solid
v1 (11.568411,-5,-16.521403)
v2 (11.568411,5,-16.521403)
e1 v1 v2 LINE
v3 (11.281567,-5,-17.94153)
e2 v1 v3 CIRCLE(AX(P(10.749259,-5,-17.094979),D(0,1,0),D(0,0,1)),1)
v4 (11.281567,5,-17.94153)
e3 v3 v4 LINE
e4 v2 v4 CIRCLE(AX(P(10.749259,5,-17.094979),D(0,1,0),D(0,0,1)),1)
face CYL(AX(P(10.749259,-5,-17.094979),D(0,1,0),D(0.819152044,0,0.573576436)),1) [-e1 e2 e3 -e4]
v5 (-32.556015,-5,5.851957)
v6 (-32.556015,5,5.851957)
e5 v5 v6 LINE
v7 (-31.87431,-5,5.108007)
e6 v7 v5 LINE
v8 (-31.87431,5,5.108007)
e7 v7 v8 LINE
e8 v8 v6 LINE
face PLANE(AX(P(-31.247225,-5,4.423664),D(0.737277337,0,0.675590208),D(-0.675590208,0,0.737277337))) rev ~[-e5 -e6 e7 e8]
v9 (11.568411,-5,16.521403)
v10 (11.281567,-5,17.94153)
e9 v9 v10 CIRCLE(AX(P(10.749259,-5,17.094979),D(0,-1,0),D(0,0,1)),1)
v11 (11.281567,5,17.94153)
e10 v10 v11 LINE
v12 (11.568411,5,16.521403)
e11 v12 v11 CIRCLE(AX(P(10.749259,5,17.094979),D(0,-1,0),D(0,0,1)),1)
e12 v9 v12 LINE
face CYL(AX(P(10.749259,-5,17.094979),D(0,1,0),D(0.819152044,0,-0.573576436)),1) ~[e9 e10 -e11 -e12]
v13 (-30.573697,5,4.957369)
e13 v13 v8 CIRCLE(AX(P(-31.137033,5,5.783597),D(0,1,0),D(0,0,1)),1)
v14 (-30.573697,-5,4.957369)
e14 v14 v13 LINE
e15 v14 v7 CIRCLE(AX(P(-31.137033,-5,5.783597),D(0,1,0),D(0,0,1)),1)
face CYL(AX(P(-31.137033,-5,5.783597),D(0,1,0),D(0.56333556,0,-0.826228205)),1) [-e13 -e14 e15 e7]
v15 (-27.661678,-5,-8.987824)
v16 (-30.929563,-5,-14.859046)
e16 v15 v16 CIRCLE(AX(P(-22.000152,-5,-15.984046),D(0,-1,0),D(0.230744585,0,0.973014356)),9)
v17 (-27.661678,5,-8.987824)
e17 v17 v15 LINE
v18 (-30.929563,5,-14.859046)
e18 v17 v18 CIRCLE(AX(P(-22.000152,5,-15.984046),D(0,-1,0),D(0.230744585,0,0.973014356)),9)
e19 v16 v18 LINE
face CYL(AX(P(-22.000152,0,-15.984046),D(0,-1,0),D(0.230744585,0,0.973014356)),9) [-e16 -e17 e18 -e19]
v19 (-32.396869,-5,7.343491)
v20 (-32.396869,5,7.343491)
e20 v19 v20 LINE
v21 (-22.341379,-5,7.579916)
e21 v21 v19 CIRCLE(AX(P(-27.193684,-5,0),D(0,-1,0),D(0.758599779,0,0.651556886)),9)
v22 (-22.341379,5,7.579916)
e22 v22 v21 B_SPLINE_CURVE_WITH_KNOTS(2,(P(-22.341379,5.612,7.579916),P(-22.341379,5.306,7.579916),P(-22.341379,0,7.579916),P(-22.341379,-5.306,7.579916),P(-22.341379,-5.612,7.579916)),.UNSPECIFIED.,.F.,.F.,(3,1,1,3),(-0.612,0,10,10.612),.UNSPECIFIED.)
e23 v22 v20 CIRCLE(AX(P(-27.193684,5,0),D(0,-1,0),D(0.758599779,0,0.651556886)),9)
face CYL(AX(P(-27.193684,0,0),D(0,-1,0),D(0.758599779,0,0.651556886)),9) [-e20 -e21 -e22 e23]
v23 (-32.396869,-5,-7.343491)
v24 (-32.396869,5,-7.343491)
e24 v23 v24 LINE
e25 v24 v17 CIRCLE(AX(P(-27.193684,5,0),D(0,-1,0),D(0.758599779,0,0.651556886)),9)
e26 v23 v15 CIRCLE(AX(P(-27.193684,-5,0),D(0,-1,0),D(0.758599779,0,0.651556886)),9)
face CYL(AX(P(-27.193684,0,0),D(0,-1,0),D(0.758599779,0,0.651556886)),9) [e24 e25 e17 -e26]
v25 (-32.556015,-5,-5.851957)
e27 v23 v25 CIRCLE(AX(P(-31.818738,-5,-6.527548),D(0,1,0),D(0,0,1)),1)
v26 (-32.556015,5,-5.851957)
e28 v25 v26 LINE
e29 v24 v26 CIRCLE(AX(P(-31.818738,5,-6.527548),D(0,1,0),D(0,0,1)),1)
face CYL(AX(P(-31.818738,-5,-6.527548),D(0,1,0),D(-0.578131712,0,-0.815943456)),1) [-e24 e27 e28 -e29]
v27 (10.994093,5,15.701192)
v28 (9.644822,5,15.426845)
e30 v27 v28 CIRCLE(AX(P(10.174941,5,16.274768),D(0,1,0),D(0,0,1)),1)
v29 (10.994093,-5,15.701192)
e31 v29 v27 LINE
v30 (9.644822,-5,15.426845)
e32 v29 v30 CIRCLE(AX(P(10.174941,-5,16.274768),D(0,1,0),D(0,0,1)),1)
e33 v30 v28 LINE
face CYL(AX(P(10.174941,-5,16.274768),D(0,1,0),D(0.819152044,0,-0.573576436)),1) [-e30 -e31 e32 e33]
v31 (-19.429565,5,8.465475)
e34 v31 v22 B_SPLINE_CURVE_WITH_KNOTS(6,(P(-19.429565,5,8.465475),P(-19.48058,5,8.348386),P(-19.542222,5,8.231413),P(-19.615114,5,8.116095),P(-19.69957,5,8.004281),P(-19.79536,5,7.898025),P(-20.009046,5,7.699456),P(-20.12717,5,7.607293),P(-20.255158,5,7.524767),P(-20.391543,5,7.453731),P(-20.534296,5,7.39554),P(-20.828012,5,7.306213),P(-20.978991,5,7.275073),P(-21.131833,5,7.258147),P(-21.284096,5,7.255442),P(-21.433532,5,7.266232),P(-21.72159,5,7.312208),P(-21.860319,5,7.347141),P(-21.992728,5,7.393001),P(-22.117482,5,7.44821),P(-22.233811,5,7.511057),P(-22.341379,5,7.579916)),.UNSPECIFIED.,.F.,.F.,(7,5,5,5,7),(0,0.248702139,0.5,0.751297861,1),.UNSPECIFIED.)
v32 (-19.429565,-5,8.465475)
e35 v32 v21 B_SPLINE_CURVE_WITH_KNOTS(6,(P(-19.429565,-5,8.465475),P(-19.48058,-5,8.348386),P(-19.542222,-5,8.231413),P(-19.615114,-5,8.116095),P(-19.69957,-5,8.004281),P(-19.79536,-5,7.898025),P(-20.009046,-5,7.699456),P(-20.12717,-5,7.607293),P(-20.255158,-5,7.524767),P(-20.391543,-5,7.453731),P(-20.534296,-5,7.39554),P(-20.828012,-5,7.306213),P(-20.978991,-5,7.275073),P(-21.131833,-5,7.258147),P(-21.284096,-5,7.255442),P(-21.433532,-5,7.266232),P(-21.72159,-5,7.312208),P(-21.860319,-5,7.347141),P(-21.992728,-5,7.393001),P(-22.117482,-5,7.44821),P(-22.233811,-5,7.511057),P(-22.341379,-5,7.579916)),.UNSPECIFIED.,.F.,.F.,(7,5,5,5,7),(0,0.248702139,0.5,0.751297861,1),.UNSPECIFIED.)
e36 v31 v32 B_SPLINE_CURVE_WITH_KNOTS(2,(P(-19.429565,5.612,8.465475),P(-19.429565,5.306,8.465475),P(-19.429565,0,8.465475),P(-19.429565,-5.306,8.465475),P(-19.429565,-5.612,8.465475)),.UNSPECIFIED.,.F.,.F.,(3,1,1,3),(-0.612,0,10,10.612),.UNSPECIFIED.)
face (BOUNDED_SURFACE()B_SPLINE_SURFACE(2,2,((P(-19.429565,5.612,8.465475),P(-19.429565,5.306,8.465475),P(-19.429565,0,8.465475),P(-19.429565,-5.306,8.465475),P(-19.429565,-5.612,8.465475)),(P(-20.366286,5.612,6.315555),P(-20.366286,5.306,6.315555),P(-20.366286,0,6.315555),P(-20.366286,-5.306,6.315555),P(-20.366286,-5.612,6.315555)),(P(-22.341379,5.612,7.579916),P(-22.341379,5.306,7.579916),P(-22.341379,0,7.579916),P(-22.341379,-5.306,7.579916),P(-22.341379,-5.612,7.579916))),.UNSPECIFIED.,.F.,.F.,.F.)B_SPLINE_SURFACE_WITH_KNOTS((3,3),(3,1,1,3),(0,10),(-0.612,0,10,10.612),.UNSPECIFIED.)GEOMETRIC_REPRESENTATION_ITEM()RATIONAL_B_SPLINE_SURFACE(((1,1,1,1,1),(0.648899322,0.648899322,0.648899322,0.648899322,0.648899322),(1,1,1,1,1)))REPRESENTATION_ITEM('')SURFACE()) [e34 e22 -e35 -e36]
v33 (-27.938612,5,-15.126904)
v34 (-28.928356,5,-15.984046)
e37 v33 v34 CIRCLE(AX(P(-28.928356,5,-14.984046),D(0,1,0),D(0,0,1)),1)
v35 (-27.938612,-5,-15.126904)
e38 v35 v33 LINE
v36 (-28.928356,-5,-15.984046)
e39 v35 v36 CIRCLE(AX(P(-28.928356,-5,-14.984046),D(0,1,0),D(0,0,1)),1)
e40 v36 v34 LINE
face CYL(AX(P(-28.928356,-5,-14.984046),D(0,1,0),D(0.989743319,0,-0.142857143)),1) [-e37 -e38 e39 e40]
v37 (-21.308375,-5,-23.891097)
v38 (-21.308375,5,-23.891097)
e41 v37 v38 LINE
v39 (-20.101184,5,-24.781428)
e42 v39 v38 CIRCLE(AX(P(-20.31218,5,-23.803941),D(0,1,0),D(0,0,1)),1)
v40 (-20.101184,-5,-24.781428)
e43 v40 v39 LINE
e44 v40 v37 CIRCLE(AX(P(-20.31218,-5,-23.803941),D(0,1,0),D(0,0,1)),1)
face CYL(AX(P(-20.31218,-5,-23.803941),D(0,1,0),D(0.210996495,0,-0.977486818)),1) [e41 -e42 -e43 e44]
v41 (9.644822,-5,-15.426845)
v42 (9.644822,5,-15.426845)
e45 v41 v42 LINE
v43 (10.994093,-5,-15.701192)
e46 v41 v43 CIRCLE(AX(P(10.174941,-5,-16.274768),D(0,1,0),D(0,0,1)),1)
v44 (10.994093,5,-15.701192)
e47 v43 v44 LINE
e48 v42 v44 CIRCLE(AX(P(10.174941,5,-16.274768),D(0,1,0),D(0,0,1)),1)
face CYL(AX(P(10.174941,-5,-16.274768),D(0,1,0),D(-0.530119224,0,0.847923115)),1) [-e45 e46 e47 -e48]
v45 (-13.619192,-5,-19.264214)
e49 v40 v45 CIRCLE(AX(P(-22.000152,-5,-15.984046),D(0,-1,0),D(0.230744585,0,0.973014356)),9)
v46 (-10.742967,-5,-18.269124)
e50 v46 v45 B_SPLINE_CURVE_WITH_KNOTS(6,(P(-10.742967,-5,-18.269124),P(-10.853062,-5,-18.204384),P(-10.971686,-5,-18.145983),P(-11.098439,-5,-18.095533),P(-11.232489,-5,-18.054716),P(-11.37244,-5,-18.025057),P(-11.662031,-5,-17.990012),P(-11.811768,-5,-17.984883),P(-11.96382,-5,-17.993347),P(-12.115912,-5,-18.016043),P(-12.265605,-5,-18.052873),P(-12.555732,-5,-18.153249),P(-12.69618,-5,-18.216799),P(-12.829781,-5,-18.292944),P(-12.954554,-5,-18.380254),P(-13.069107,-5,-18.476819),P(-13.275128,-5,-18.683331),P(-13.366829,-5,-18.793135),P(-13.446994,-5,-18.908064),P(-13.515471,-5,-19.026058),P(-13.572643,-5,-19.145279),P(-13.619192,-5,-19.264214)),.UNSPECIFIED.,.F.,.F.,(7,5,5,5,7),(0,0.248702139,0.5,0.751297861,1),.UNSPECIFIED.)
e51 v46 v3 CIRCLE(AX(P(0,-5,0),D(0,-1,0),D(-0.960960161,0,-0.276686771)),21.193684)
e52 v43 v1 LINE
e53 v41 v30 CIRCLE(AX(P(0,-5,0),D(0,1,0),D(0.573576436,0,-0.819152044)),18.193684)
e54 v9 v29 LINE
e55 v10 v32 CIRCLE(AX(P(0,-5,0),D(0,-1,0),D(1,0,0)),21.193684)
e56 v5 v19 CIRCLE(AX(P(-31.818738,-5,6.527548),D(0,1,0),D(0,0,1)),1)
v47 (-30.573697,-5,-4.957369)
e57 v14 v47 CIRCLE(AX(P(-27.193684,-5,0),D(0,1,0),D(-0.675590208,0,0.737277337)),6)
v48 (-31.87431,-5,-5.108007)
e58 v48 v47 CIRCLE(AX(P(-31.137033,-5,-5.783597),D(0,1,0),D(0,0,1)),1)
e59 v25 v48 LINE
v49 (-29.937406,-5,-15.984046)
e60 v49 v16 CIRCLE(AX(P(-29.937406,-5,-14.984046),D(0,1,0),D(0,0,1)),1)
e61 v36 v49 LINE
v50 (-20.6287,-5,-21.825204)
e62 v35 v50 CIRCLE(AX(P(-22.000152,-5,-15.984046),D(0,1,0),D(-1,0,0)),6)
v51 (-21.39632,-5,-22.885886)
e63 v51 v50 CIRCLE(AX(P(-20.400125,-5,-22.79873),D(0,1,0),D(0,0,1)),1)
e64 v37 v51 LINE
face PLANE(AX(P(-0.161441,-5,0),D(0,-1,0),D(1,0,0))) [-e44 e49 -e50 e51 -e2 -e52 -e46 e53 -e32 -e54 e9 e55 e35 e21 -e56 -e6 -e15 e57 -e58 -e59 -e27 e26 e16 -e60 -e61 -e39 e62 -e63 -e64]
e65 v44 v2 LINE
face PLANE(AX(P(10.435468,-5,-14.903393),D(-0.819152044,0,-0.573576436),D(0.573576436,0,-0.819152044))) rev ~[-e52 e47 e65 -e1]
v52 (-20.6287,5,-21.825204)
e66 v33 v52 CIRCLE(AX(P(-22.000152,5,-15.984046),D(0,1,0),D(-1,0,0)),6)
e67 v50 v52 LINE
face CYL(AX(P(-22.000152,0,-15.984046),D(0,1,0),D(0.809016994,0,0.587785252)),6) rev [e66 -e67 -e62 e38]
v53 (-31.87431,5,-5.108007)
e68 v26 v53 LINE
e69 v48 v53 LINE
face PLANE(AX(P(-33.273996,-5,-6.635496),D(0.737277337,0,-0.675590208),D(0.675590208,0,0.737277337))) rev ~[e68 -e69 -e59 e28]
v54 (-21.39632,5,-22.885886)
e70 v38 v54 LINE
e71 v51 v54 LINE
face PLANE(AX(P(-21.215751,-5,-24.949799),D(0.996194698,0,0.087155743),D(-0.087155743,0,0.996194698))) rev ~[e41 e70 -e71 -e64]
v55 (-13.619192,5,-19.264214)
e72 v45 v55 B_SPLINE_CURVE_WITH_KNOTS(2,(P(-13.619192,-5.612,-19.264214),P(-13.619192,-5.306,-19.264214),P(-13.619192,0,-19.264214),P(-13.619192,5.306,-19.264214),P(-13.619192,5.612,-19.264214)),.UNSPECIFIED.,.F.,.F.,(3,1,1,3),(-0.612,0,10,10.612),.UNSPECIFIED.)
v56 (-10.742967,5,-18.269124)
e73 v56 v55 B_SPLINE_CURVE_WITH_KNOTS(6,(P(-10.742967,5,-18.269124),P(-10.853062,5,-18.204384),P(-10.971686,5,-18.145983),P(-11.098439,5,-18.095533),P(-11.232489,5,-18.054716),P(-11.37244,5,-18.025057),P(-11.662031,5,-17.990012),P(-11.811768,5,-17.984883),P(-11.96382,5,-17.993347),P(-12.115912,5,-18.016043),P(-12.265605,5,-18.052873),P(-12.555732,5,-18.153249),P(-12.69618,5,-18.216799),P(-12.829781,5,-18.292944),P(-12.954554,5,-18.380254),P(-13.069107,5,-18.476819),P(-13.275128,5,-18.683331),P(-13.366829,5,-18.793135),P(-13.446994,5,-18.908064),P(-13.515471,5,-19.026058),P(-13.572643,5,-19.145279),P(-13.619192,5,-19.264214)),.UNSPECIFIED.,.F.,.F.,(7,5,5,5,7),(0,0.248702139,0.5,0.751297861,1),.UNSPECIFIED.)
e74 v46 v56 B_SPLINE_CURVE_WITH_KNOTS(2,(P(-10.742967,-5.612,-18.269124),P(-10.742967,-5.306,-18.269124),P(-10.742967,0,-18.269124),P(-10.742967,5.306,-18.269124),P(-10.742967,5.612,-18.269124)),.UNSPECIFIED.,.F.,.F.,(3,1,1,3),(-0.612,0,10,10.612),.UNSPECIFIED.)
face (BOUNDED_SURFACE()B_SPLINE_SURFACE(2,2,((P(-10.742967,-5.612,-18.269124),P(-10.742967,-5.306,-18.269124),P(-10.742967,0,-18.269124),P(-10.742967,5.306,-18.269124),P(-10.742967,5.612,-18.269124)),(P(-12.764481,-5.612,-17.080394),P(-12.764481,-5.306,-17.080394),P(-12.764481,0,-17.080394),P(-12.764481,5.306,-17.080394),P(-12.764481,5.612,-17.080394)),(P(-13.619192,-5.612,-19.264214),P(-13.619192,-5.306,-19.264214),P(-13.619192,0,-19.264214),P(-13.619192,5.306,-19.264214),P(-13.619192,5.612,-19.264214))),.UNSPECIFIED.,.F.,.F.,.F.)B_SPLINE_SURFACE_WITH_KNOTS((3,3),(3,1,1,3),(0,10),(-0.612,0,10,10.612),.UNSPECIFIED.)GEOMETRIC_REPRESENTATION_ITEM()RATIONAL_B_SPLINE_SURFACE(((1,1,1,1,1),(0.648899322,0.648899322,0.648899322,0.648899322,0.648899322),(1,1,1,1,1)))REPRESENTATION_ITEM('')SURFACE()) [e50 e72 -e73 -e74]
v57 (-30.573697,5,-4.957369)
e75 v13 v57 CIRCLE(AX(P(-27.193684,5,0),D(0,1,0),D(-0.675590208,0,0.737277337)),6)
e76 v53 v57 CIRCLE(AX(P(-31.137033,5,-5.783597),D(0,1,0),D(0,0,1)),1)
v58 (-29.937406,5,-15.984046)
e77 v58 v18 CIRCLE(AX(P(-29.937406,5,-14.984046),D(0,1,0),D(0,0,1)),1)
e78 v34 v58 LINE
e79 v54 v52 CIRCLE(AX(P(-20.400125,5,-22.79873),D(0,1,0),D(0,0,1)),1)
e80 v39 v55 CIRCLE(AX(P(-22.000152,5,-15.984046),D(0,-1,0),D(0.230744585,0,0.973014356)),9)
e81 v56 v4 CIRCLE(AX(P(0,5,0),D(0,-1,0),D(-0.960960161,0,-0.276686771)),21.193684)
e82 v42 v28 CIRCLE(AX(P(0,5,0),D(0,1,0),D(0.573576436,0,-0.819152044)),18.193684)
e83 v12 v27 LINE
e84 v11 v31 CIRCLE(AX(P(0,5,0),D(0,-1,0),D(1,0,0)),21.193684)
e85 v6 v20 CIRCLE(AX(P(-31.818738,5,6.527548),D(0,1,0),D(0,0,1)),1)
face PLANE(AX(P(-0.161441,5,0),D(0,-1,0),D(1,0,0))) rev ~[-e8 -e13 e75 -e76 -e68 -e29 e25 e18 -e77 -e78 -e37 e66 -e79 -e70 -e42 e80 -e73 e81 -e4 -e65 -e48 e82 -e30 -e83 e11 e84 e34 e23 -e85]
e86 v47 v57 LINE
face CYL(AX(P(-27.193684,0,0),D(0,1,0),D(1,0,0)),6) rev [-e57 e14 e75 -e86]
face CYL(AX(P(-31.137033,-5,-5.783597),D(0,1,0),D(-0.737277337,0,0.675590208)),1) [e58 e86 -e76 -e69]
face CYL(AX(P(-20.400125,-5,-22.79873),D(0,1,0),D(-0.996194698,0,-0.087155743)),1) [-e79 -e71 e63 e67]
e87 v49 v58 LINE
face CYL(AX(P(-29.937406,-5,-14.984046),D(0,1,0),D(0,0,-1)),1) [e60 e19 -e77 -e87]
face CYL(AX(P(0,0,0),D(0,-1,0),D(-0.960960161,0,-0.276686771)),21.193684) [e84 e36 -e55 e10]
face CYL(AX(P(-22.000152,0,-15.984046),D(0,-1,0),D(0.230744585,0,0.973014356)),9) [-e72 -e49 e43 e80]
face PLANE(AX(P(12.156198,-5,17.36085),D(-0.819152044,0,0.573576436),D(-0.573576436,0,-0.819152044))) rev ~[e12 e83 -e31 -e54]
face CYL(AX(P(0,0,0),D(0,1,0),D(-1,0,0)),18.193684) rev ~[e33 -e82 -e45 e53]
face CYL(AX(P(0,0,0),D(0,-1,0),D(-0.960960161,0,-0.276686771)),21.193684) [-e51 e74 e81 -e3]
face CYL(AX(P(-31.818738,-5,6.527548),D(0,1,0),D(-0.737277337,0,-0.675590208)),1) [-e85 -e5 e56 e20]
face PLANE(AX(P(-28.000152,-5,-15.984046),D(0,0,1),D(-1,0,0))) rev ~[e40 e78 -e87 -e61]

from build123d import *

# Parameters (mm, degrees)
F0_R     = 6
F1_DEPTH = 5
F2_R     = 2
F3_COUNT = 2
F3_ANGLE = 36
F5_DEPTH = 10.0010001
F6_R     = 1


with BuildPart() as f1:
    # F0 (on Front) → F1 (new body, symmetric)
    with BuildSketch(Plane.XZ):
        with BuildLine():
            ThreePointArc((-20.3662859317, 5.8640119715), (-18.7542946844, 3.1267729293), (-18.1936839424, 0))
            ThreePointArc((-18.1936839424, 0), (-18.7542946844, -3.1267729293), (-20.3662859317, -5.8640119715))
            ThreePointArc((-20.3662859317, -5.8640119715), (2.9610481198, -20.9858150446), (21.1936839424, 0))
            ThreePointArc((21.1936839424, 0), (2.9610481198, 20.9858150446), (-20.3662859317, 5.8640119715))
        make_face()
        with BuildLine():
            ThreePointArc((-18.1936839424, 0), (0, 18.1936839424), (18.1936839424, 0))
            ThreePointArc((18.1936839424, 0), (0, -18.1936839424), (-18.1936839424, 0))
        make_face(mode=Mode.SUBTRACT)
        with BuildLine():
            ThreePointArc((-20.3662859317, -5.8640119715), (-18.7542946844, -3.1267729293), (-18.1936839424, 0))
            ThreePointArc((-18.1936839424, 0), (-18.7542946844, 3.1267729293), (-20.3662859317, 5.8640119715))
            ThreePointArc((-20.3662859317, 5.8640119715), (-20.9858150446, 2.9610481198), (-21.1936839424, 0))
            ThreePointArc((-21.1936839424, 0), (-20.9858150446, -2.9610481198), (-20.3662859317, -5.8640119715))
        make_face()
        with BuildLine():
            ThreePointArc((-21.1936839424, 0), (-20.9858150446, 2.9610481198), (-20.3662859317, 5.8640119715))
            ThreePointArc((-20.3662859317, 5.8640119715), (-36.1936839424, 0), (-20.3662859317, -5.8640119715))
            ThreePointArc((-20.3662859317, -5.8640119715), (-20.9858150446, -2.9610481198), (-21.1936839424, 0))
        make_face()
        with Locations((-27.1936839424, 0)):
            Circle(F0_R, mode=Mode.SUBTRACT)
    extrude(amount=F1_DEPTH, both=True)

    # F2
    f2_edges = [f1.edges().sort_by_distance(p)[0] for p in [
        (-20.366286, 0, 5.864012),
        (-20.366286, 0, -5.864012),
    ]]
    fillet(f2_edges, radius=F2_R)

    # F3: F1 ×2 about axis
    f3_axis = Axis((0, 0, 0), (0, -1, 0))


with BuildPart() as f1_1:
    add(f1.part)
    for i in range(1, F3_COUNT):
        add(f1.part.rotate(f3_axis, i * F3_ANGLE / (F3_COUNT - 1)))

    # F4 (on face) → F5 (cut, through all)
    with BuildSketch(Plane.XZ.offset(5)):
        with BuildLine():
            ThreePointArc((-31.2472251881, -4.4236640209), (-33.1936839424, 0), (-31.2472251881, 4.4236640209))
            Line((-31.2472251881, 4.4236640209), (-33.273995811, 6.6354960313))
            ThreePointArc((-33.273995811, 6.6354960313), (-36.1936839424, 0), (-33.273995811, -6.6354960313))
            Line((-33.273995811, -6.6354960313), (-31.2472251881, -4.4236640209))
        make_face()
        with BuildLine():
            ThreePointArc((12.1561977089, -17.3608495275), (21.1936839424, 0), (12.1561977089, 17.3608495275))
            Line((12.1561977089, 17.3608495275), (10.4354683998, 14.9033933946))
            ThreePointArc((10.4354683998, 14.9033933946), (16.1379947524, 8.4009083301), (18.1936839424, 0))
            ThreePointArc((18.1936839424, 0), (16.1379947524, -8.4009083301), (10.4354683998, -14.9033933946))
            Line((10.4354683998, -14.9033933946), (12.1561977089, -17.3608495275))
        make_face()
        with BuildLine():
            Line((-28.0001524491, -15.9840463769), (-31.0001524491, -15.9840463769))
            ThreePointArc((-31.0001524491, -15.9840463769), (-28.0804643176, -22.6195424082), (-21.2157507644, -24.9497986597))
            Line((-21.2157507644, -24.9497986597), (-21.4772179926, -21.9612145654))
            ThreePointArc((-21.4772179926, -21.9612145654), (-26.0536936948, -20.4077103977), (-28.0001524491, -15.9840463769))
        make_face()
    extrude(amount=-F5_DEPTH, mode=Mode.SUBTRACT)

    # F6
    f6_edges = [f1_1.edges().sort_by_distance(p)[0] for p in [
        (-31.247225, 0, 4.423664),
        (-33.273996, 0, 6.635496),
        (-33.273996, 0, -6.635496),
        (-31.247225, 0, -4.423664),
        (10.435468, 0, 14.903393),
        (12.156198, 0, 17.36085),
        (12.156198, 0, -17.36085),
        (10.435468, 0, -14.903393),
        (-28.000152, 0, -15.984046),
        (-31.000152, 0, -15.984046),
        (-21.477218, 0, -21.961215),
        (-21.215751, 0, -24.949799),
    ]]
    fillet(f6_edges, radius=F6_R)


solid = f1_1.part
